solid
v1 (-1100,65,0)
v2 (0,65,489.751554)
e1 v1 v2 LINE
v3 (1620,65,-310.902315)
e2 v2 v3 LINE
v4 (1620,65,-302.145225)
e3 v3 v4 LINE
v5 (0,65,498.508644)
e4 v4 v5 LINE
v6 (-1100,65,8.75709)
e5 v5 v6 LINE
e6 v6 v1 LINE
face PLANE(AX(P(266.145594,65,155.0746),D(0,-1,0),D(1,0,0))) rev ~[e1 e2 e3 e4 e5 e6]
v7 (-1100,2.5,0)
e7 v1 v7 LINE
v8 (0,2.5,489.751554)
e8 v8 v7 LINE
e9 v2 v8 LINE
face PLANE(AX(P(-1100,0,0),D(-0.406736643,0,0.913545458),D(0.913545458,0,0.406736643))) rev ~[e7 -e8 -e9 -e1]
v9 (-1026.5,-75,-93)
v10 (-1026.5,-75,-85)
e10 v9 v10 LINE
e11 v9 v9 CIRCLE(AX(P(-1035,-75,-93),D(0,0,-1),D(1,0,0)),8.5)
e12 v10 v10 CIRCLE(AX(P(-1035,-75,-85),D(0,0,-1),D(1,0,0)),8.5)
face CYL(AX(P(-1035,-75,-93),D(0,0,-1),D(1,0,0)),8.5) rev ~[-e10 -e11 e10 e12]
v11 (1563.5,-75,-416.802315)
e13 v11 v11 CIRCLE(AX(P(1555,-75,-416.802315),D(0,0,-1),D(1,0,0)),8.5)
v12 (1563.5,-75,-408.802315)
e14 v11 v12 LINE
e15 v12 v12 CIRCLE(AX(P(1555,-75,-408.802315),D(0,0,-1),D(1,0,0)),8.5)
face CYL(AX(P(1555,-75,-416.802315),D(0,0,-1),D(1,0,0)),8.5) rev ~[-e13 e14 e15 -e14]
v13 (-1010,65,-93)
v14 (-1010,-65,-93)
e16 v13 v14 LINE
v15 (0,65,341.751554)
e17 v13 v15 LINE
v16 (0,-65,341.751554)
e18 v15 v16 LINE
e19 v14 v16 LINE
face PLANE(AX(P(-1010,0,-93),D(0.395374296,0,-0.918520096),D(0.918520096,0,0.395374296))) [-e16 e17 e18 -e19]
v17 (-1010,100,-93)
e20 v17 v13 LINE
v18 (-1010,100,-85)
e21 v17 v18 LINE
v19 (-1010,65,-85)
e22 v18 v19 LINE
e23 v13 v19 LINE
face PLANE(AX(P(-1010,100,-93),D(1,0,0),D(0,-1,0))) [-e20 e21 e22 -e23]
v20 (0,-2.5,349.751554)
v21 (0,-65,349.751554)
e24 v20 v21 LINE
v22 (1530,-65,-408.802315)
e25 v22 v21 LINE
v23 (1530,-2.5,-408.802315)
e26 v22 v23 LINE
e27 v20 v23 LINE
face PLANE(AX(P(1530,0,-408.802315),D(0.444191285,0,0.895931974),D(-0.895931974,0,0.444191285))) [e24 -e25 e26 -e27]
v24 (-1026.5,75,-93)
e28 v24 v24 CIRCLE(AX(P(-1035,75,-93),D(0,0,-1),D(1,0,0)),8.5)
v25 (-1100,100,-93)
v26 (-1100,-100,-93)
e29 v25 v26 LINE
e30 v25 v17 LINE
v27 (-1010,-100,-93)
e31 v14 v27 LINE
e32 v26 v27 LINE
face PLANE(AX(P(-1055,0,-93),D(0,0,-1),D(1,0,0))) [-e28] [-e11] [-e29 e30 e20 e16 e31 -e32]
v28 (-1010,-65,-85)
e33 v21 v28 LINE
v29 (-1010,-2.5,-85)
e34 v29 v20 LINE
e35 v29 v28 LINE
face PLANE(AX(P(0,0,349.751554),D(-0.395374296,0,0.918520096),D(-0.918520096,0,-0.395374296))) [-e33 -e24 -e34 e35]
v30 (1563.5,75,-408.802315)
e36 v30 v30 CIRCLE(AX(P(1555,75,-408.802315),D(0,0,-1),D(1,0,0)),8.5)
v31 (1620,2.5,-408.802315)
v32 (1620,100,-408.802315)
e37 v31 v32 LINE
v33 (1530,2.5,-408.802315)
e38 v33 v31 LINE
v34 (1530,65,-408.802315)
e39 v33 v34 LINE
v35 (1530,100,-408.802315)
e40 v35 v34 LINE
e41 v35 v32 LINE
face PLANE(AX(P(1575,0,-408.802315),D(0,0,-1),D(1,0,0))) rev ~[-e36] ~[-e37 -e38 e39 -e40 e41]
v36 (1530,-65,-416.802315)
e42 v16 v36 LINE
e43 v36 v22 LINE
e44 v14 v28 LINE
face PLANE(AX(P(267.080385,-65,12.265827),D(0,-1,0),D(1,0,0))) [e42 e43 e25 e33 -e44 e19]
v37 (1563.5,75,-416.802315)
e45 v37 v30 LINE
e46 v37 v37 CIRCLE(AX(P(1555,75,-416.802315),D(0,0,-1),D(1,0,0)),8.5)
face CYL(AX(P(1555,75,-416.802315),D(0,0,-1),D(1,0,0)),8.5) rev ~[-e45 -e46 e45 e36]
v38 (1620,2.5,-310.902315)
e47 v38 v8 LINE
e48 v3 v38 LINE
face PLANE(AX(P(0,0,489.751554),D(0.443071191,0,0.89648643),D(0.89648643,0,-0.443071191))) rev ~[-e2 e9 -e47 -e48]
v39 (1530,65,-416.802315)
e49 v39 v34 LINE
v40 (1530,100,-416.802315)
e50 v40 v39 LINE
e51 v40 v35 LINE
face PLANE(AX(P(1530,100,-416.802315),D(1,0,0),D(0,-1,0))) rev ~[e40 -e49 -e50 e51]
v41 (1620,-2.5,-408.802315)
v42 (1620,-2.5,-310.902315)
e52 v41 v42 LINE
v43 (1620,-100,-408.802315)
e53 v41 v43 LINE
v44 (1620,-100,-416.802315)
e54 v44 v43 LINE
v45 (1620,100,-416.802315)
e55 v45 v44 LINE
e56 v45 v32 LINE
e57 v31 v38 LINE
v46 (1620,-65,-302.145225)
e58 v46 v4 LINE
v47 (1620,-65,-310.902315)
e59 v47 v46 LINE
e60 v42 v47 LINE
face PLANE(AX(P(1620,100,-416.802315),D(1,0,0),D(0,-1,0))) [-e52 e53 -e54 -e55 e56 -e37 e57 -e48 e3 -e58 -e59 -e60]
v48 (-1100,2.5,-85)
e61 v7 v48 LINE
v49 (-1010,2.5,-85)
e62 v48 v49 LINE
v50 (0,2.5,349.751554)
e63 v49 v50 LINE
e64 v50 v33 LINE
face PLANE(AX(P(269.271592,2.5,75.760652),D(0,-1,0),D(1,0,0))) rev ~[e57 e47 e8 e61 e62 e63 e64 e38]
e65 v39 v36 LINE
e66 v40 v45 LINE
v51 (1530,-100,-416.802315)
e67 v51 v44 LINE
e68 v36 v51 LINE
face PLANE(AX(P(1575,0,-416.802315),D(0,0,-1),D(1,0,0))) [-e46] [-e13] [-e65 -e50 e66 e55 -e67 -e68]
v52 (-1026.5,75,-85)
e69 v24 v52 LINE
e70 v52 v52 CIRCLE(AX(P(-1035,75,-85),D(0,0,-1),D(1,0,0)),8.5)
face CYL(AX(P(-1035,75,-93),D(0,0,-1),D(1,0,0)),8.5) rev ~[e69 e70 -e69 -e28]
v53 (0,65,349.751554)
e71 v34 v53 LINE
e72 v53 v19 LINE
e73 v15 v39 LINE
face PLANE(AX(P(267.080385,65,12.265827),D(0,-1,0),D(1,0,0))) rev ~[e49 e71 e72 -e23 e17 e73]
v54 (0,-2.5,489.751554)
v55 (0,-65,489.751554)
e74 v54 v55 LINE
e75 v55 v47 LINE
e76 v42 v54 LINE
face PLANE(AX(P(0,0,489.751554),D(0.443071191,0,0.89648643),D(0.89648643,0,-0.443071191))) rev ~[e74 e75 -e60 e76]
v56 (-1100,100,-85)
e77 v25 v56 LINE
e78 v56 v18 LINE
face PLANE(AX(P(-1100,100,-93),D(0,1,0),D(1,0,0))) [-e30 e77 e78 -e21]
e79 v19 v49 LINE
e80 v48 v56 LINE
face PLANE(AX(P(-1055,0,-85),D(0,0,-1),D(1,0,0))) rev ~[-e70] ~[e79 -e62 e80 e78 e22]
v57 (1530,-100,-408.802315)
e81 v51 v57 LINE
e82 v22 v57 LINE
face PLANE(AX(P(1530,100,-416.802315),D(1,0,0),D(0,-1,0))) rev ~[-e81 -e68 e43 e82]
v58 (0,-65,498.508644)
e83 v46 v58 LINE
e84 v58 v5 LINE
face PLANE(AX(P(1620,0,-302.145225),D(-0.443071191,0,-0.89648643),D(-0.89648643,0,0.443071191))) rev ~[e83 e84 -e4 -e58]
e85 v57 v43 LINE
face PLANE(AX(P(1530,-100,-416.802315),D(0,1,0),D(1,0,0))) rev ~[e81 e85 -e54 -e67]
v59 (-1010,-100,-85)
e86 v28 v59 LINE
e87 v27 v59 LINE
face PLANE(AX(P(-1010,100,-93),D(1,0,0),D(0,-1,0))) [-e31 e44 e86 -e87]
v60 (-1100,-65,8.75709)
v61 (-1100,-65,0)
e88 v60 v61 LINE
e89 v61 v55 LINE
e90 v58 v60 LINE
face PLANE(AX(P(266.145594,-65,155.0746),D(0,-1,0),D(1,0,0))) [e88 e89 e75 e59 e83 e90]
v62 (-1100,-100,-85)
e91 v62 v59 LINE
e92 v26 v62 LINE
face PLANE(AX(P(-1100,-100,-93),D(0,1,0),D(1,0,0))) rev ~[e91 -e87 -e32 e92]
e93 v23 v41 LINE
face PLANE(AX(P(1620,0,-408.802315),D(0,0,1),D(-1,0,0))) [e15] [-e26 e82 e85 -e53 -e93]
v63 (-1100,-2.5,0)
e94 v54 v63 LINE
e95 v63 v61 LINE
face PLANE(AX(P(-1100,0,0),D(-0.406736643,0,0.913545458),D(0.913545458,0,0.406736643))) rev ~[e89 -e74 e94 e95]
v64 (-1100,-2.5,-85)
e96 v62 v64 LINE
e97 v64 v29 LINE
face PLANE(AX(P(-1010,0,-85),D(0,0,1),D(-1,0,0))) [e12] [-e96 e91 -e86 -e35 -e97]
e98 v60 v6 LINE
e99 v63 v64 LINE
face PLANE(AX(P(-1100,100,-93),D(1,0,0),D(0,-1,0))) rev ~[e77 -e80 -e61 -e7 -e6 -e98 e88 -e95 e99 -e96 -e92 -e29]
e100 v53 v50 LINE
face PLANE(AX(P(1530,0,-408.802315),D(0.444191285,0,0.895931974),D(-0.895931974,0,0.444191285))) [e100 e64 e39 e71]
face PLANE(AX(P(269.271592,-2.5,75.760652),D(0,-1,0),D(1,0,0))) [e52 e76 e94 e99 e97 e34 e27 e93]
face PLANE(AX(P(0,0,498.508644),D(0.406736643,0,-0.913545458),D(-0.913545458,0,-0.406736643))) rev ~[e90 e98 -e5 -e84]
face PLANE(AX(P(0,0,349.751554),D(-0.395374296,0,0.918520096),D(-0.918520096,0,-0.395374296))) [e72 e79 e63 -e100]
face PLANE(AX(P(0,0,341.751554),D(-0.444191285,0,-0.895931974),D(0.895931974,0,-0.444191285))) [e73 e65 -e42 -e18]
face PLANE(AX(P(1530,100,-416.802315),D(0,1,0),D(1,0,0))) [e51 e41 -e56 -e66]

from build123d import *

# Parameters (mm, degrees)
F1_DEPTH = 2.5
F3_DEPTH = 65
F4_W     = 90
F4_H     = 200
F4_R     = 8.5
F5_DEPTH = 8
F6_W     = 90
F6_H     = 200
F6_R     = 8.5
F7_DEPTH = 8


with BuildPart() as f1:
    # F0 (on Front) → F1 (new body, symmetric)
    with BuildSketch(Plane.XZ):
        Polygon((1620, -310.9023153198), (0, 489.7515538394), (-1100, 0), (-1100, -85), (-1010, -85), (0, 349.7515538394), (1530, -408.8023153198), (1620, -408.8023153198), align=None)
    extrude(amount=F1_DEPTH, both=True)

    # F2 (on Front) → F3 (join, symmetric)
    with BuildSketch(Plane.XZ):
        Polygon((-1100, 8.757090228), (-1100, 0), (0, 489.7515538394), (1620, -310.9023153198), (1620, -302.1452250917), (0, 498.5086440674), align=None)
        Polygon((1530, -408.8023153198), (0, 349.7515538394), (-1010, -85), (-1100, -85), (-1100, -93), (-1010, -93), (0, 341.7515538394), (1530, -416.8023153198), (1620, -416.8023153198), (1620, -408.8023153198), align=None)
    extrude(amount=F3_DEPTH, both=True)

    # F4 (on face) → F5 (join)
    with BuildSketch(Plane(origin=(0, 0, -93), x_dir=(1, 0, 0), z_dir=(0, 0, -1))):
        with Locations((-1055, 0)):
            Rectangle(F4_W, F4_H)
        with Locations((-1035, -75)):
            Circle(F4_R, mode=Mode.SUBTRACT)
        with Locations((-1035, 75)):
            Circle(F4_R, mode=Mode.SUBTRACT)
    extrude(amount=-F5_DEPTH)

    # F6 (on face) → F7 (join)
    with BuildSketch(Plane(origin=(0, 0, -416.8023153198), x_dir=(1, 0, 0), z_dir=(0, 0, -1))):
        with Locations((1575, 0)):
            Rectangle(F6_W, F6_H)
        with Locations((1555, -75)):
            Circle(F6_R, mode=Mode.SUBTRACT)
        with Locations((1555, 75)):
            Circle(F6_R, mode=Mode.SUBTRACT)
    extrude(amount=-F7_DEPTH)


solid = f1.part
